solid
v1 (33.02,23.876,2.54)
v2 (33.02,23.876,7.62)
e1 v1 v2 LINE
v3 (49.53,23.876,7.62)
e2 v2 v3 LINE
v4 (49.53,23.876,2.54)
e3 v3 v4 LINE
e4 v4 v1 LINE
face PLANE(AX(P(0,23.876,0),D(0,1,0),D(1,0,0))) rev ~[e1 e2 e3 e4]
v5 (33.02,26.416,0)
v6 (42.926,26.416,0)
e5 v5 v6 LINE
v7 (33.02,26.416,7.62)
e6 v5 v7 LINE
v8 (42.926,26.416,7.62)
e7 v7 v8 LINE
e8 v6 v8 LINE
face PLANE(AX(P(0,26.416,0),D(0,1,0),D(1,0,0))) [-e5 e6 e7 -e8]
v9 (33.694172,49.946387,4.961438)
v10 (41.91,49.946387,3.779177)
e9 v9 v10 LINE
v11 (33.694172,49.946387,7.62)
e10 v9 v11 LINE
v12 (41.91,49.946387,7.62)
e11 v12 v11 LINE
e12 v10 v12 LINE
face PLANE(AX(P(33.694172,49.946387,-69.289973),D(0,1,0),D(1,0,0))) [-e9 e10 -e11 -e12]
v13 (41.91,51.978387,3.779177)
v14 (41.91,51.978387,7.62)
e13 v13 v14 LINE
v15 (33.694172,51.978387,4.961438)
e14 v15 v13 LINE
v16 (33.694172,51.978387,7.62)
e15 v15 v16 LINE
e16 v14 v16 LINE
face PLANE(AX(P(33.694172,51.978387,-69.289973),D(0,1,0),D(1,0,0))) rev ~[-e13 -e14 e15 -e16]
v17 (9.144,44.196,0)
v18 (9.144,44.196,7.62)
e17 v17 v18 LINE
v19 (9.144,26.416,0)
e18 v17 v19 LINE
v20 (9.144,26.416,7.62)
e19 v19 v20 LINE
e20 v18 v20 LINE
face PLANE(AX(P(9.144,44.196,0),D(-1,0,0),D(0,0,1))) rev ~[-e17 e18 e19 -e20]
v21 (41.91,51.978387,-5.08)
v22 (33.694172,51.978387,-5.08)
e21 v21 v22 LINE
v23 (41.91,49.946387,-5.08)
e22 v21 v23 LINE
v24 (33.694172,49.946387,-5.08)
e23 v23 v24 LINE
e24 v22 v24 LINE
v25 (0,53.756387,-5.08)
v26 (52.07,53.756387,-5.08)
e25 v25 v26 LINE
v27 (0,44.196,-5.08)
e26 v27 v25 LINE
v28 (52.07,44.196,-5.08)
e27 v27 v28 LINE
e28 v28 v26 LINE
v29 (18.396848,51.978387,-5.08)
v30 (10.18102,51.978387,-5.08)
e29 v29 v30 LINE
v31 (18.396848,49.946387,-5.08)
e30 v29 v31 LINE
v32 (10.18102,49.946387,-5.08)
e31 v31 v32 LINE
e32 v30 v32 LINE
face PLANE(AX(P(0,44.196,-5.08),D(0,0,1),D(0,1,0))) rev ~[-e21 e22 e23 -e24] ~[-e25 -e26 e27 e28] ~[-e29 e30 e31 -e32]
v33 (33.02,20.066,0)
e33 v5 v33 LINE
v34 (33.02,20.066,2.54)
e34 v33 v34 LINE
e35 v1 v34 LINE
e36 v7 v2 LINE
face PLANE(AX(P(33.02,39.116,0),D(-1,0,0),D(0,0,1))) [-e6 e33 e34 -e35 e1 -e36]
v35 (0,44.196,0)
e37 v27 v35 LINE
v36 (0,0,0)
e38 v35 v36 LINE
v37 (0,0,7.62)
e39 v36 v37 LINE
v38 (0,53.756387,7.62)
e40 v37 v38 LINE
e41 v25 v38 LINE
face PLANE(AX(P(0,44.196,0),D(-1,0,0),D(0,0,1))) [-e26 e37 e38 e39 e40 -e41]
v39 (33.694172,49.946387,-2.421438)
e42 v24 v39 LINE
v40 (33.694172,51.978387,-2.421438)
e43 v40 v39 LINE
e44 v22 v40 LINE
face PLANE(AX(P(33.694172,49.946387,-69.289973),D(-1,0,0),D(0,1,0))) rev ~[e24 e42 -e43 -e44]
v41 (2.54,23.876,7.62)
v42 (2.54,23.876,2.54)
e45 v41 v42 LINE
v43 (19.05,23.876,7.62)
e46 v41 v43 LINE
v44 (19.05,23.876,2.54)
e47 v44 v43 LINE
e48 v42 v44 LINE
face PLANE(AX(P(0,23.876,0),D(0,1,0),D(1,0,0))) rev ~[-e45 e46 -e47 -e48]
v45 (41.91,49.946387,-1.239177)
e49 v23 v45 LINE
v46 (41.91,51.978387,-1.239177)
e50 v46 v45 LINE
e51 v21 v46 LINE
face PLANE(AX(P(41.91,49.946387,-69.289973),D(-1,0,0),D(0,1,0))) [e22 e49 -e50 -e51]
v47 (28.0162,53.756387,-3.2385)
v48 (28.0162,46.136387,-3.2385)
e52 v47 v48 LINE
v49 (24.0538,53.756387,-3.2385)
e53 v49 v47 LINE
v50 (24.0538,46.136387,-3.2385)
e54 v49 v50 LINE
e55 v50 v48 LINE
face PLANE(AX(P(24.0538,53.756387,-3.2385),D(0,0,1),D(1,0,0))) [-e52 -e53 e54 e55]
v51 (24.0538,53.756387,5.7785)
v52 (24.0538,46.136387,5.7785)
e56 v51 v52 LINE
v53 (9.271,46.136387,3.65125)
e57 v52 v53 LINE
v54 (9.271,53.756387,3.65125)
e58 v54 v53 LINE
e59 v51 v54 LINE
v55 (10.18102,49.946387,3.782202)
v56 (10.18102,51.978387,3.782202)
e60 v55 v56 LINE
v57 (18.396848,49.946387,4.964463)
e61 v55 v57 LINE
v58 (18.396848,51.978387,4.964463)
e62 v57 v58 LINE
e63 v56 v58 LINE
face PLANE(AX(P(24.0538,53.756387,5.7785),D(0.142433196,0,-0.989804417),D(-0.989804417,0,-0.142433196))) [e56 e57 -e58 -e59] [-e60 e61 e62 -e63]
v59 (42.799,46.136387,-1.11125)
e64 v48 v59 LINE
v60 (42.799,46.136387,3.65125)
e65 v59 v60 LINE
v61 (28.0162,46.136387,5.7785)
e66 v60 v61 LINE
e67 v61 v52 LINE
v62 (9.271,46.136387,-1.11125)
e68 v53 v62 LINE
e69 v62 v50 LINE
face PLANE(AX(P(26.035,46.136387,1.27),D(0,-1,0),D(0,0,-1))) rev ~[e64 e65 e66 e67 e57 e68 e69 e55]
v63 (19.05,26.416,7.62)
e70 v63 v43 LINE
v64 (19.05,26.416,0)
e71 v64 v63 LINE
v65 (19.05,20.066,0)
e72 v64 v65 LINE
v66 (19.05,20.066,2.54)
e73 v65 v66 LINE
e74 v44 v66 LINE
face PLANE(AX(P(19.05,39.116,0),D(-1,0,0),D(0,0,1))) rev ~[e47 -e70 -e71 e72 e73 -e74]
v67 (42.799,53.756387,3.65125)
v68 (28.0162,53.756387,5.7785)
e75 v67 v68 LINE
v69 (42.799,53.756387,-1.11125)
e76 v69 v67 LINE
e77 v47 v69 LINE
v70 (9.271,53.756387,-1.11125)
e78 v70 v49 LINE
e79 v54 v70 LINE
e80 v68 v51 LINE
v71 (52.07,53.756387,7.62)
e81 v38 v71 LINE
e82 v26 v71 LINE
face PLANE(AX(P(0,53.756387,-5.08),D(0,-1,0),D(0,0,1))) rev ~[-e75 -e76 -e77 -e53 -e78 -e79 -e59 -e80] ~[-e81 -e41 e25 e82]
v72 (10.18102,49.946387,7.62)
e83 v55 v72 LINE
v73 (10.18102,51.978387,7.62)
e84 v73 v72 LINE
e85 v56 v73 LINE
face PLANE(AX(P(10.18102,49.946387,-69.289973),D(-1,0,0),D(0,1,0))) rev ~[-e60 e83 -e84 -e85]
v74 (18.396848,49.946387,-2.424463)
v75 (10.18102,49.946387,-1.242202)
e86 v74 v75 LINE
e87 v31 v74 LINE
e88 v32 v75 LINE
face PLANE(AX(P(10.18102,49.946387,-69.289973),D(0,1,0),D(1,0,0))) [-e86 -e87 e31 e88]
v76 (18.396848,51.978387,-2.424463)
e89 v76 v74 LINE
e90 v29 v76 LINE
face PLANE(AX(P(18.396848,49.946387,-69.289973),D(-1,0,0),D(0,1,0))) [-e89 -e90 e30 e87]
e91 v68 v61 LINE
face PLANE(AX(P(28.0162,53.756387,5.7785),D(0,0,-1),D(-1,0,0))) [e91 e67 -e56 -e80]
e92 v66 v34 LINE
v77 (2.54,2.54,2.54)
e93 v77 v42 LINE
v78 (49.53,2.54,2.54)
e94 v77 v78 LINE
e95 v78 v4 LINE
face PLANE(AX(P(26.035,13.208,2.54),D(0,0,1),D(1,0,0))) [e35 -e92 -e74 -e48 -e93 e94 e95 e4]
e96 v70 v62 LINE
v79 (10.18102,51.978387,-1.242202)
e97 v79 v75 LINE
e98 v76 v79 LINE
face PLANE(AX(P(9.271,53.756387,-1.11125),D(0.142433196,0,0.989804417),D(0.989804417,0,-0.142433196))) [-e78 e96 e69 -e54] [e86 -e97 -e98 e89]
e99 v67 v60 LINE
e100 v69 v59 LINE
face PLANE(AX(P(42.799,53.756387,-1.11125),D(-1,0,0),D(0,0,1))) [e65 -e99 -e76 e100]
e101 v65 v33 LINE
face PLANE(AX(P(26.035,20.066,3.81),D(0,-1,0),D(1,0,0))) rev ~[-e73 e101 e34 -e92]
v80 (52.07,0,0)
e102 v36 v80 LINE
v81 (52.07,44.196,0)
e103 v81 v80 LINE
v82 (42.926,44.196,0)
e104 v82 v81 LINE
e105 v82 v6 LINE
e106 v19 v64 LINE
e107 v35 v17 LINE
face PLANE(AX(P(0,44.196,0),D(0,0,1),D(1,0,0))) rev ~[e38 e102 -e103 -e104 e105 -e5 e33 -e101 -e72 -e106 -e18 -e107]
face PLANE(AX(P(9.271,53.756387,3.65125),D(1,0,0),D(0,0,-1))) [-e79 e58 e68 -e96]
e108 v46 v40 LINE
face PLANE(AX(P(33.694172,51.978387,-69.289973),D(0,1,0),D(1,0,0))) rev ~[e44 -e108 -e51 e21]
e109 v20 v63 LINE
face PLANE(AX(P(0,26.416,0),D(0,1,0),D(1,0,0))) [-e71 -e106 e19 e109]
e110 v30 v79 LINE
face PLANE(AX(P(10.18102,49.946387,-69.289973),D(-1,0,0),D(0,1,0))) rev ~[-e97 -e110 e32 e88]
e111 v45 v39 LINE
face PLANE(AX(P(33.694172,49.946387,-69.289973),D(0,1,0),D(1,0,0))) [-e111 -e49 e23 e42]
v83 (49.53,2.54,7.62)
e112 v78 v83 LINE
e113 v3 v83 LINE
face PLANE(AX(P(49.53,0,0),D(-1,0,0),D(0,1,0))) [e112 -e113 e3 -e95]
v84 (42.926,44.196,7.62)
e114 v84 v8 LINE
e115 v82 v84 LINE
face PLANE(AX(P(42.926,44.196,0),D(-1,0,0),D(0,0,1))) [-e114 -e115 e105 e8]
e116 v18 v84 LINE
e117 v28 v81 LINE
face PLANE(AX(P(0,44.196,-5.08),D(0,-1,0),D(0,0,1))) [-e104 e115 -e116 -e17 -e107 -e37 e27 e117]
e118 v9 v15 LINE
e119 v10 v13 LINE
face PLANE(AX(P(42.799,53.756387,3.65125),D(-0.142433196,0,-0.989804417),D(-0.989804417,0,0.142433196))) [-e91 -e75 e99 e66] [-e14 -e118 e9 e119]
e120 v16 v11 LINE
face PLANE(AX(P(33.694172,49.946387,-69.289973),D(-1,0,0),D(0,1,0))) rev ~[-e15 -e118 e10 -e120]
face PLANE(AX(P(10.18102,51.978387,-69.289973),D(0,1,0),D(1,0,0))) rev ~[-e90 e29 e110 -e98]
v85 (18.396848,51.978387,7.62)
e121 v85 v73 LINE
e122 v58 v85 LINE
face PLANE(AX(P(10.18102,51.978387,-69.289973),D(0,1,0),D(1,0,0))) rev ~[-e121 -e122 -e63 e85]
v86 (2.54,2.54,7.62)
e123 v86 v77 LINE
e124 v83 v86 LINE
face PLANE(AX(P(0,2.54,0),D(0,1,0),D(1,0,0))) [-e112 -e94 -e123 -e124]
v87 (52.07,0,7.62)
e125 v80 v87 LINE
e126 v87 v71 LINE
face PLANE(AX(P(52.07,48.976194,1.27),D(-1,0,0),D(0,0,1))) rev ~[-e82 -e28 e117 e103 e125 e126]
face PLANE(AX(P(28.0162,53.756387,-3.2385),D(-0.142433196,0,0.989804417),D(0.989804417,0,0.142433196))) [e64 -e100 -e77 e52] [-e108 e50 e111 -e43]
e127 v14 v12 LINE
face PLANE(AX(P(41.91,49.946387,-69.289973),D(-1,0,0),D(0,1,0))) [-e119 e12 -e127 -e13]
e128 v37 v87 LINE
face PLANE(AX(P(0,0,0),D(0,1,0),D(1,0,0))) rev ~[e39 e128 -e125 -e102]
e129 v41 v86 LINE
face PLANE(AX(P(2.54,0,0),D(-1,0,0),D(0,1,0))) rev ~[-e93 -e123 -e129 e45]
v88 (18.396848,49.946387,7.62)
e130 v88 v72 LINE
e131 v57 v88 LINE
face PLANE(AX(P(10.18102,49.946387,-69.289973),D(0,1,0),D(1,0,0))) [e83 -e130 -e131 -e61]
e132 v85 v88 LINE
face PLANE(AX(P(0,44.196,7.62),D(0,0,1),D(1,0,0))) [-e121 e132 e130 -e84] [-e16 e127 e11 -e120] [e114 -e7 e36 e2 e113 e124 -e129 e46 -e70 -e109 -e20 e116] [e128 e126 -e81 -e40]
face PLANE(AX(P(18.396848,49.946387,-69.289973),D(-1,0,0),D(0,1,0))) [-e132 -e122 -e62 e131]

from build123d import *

# Parameters (mm, degrees)
SKETCH1_W                       = 52.07
SKETCH1_H                       = 26.416
ULTRASONIC_HOLDER_EXTRUDE_DEPTH = 7.62
ULTRASONIC_CUTOUT_T             = -2.54
ULTRASONIC_WIRE_HOLE_DEPTH      = 6.35
ULTRASONIC_WIRE_HOLE_DEPTH_BACK = 12.7
ULTRASONIC_WIRE_HOLE_START      = -26.416
SKETCH2_W                       = 13.97
SKETCH2_H                       = 7.62
SKETCH7_W                       = 12.7
SKETCH7_H                       = 9.56038728
SERVO_HOLDER_DEPTH              = 52.07
SKETCH10_W                      = 9.144
SKETCH10_H                      = 7.62
CONNECTOR_DEPTH                 = 20.32
SERVO_CUTOUT_DEPTH              = 7.62
SERVO_SECURER_CUT_DEPTH         = 76.909973478
SERVO_SECURER_CUT_DEPTH_BACK    = 76.909973478
SKETCH15_W                      = 8.215827997
SKETCH15_H                      = 2.032


with BuildPart() as part:
    # Sketch1 → Ultrasonic Holder Extrude (new body)
    with BuildSketch(Plane.XY):
        with Locations((26.035, 13.208)):
            Rectangle(SKETCH1_W, SKETCH1_H)
    extrude(amount=ULTRASONIC_HOLDER_EXTRUDE_DEPTH)

    # Ultrasonic Cutout
    ultrasonic_cutout_openings = [part.faces().sort_by_distance(p)[0] for p in [
        (26.035, 13.208, 7.62),
    ]]
    offset(amount=ULTRASONIC_CUTOUT_T, openings=ultrasonic_cutout_openings, kind=Kind.INTERSECTION)

    # Sketch2 → Ultrasonic Wire Hole (cut, two sides: drawn at the far end of the back side and taken through both)
    with BuildSketch(Plane.XZ.offset(ULTRASONIC_WIRE_HOLE_START - ULTRASONIC_WIRE_HOLE_DEPTH_BACK)):
        with Locations((26.035, 3.81)):
            Rectangle(SKETCH2_W, SKETCH2_H)
    extrude(amount=ULTRASONIC_WIRE_HOLE_DEPTH + ULTRASONIC_WIRE_HOLE_DEPTH_BACK, mode=Mode.SUBTRACT)



with BuildPart() as body_2:
    # Sketch7 → Servo Holder (new, through all)
    with BuildSketch(Plane.ZY):
        with Locations((1.27, 48.97619364)):
            Rectangle(SKETCH7_W, SKETCH7_H)
    extrude(amount=-SERVO_HOLDER_DEPTH)


with BuildPart() as part_1:
    add(part.part)

    add(body_2.part)  # Connector merges body 2
    # Sketch10 → Connector (add)
    with BuildSketch(Plane.XZ.offset(-44.196)):
        with Locations((4.572, 3.81)):
            Rectangle(SKETCH10_W, SKETCH10_H)
        with Locations((47.498, 3.81)):
            Rectangle(SKETCH10_W, SKETCH10_H)
    extrude(amount=CONNECTOR_DEPTH)

    # Sketch14 → Servo Cutout (cut)
    with BuildSketch(Plane.ZX.offset(53.75638728)):
        Polygon((-1.11125, 42.799), (3.65125, 42.799), (5.7785, 28.0162), (5.7785, 24.0538), (3.65125, 9.271), (-1.11125, 9.271), (-3.2385, 24.0538), (-3.2385, 28.0162), align=None)
    extrude(amount=-SERVO_CUTOUT_DEPTH, mode=Mode.SUBTRACT)

    # Sketch15 → Servo Securer Cut (cut, two sides: drawn at the far end of the back side and taken through both)
    with BuildSketch(Plane.XY.offset(7.62).offset(-SERVO_SECURER_CUT_DEPTH_BACK)):
        with Locations((14.288933515, 50.96238728)):
            Rectangle(SKETCH15_W, SKETCH15_H)
        with Locations((37.802086002, 50.96238728)):
            Rectangle(SKETCH15_W, SKETCH15_H)
    extrude(amount=SERVO_SECURER_CUT_DEPTH + SERVO_SECURER_CUT_DEPTH_BACK, mode=Mode.SUBTRACT)


solid = part_1.part
